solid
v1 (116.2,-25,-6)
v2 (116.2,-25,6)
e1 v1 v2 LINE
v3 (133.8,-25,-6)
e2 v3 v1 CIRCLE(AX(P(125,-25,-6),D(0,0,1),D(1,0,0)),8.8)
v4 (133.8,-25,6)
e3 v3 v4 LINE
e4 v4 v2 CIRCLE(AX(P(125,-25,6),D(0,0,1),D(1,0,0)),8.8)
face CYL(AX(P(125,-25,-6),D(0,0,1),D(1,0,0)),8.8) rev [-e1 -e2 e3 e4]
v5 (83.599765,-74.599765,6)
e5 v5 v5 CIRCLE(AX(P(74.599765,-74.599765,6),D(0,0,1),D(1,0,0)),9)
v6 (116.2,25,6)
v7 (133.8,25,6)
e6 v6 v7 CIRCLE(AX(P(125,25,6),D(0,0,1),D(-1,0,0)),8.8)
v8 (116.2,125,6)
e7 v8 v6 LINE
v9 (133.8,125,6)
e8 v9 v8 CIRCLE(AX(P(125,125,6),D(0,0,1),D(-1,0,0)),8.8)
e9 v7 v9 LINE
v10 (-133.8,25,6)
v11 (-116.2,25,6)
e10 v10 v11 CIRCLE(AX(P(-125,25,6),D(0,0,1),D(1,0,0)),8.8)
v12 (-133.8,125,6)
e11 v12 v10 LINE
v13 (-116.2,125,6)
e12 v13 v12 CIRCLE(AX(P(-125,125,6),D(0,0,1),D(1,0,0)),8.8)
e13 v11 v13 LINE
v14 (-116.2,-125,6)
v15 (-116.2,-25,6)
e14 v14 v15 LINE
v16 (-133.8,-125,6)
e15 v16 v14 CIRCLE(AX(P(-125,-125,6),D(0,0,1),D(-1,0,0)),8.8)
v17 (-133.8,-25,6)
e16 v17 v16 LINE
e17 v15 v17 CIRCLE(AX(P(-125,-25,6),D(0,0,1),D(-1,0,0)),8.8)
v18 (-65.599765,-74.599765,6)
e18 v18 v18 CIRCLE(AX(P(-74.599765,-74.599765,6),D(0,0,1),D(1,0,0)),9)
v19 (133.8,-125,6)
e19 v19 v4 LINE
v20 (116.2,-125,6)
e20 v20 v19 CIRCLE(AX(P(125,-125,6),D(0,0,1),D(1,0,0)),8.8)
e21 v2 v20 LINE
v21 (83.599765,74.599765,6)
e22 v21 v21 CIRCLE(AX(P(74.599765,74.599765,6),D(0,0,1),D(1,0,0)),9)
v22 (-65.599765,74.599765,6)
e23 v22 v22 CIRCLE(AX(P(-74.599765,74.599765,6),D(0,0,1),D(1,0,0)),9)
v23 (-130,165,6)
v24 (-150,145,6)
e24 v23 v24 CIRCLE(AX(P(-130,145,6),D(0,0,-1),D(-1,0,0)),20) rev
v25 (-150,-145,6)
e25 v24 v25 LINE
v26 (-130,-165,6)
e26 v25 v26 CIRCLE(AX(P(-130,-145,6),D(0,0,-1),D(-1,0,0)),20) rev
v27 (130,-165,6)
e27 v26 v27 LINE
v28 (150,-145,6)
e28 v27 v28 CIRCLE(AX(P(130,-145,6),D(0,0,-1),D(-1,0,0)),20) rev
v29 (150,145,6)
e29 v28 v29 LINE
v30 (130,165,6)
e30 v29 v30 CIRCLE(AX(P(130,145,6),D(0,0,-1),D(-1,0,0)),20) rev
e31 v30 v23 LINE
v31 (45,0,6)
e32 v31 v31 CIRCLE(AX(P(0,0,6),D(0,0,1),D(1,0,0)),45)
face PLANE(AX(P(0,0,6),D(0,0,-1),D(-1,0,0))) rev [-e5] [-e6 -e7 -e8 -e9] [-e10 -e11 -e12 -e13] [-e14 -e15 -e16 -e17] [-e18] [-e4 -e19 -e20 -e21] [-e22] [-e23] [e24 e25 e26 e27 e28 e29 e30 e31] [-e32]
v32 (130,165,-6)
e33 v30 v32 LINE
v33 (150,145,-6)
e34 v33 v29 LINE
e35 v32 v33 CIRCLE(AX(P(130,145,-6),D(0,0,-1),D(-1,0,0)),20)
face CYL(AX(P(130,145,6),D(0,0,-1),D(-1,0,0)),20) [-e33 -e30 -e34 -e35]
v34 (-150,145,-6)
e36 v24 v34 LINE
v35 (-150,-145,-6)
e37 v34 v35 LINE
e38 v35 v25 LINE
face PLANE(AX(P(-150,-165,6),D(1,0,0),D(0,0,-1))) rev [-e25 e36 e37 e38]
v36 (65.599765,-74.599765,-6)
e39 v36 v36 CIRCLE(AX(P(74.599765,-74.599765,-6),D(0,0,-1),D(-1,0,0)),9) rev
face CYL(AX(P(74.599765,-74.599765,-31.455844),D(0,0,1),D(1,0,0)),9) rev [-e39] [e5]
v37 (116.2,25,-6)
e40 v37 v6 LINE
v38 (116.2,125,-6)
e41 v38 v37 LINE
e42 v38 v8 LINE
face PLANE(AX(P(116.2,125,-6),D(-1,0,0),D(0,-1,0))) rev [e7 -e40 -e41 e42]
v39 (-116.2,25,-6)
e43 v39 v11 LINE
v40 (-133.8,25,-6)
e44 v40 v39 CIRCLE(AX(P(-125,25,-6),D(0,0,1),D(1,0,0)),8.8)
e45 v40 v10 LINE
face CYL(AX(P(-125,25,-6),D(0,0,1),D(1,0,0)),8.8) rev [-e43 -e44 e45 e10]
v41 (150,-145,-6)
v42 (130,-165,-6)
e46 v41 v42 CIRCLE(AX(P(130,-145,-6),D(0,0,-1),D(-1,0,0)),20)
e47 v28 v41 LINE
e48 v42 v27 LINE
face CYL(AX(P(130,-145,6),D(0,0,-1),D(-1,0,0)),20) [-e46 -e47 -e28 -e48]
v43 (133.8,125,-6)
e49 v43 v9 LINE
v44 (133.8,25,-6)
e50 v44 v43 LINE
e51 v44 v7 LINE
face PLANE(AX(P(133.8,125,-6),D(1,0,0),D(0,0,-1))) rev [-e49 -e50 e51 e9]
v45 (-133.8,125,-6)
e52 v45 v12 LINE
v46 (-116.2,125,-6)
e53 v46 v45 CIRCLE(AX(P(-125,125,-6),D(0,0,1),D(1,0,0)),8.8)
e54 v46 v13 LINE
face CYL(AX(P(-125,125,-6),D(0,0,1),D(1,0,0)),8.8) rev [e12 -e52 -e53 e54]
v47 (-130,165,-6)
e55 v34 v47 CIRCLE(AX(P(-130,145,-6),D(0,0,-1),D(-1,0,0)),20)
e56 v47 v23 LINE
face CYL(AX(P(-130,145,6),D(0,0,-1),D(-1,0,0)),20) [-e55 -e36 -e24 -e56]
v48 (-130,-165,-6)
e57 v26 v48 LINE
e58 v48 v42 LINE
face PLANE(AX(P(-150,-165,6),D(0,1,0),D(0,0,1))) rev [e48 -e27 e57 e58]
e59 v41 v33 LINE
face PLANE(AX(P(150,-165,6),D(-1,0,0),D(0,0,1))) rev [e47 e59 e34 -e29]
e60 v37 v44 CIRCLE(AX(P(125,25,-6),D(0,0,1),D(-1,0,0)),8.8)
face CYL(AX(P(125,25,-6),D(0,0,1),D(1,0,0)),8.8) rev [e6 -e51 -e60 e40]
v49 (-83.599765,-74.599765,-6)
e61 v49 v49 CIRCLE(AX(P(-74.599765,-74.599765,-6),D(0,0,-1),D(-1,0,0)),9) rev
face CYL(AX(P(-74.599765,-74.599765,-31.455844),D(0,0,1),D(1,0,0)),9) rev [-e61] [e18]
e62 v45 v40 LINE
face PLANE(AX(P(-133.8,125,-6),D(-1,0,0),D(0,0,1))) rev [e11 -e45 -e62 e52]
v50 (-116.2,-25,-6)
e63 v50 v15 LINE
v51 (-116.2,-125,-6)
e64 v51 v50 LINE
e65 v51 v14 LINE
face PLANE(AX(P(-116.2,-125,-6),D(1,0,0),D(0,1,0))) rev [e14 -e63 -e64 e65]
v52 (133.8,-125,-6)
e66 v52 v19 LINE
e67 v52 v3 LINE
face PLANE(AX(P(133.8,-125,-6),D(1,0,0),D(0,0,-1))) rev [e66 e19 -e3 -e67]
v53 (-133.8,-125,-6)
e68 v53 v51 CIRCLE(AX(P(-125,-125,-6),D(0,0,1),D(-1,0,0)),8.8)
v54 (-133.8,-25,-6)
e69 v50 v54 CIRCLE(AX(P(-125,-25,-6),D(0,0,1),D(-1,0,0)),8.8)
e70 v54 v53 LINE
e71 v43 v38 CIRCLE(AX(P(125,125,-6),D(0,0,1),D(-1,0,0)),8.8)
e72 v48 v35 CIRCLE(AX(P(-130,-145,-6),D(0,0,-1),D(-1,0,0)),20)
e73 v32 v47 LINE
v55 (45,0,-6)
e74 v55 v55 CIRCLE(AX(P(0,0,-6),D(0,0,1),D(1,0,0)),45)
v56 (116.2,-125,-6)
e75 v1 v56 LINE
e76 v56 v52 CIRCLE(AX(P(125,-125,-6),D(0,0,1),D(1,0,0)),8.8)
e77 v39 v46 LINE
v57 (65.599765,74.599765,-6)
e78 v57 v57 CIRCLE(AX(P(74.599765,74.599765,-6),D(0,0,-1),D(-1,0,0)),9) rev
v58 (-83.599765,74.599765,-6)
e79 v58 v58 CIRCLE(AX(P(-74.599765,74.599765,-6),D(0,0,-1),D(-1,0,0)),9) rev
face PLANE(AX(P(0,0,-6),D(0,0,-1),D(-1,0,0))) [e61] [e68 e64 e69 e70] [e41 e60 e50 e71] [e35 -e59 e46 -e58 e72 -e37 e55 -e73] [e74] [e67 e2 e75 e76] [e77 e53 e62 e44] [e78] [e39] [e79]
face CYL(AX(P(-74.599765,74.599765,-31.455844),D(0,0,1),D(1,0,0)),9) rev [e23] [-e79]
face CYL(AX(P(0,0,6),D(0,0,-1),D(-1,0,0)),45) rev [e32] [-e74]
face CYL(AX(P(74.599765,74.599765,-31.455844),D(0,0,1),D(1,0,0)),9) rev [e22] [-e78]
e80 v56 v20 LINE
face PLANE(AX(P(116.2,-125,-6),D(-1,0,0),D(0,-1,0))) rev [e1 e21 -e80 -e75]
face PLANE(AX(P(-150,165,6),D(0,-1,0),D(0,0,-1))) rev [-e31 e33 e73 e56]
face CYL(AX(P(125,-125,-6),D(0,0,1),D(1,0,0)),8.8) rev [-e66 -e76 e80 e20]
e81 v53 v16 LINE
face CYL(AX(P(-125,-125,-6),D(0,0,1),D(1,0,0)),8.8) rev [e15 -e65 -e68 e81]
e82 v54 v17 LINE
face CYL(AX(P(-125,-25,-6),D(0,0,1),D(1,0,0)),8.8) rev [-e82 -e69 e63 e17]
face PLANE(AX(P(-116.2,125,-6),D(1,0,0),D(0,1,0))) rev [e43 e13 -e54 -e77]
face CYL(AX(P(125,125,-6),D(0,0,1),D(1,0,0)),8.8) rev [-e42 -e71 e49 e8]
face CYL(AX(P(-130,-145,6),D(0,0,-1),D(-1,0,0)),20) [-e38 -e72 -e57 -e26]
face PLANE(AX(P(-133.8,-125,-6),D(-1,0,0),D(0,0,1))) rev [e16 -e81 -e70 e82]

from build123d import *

# Parameters (mm, degrees)
SKETCH_1_W          = 300
SKETCH_1_H          = 330
SKETCH_1_R          = 45
EXTRUDE_1_DEPTH     = 6
CUT_EXTRUDE_1_DEPTH = 224.313680727
FILLET_1_R          = 20
SKETCH_3_R          = 9
CUT_EXTRUDE_2_DEPTH = 12


with BuildPart() as part:
    # Эскиз1 → Бобышка-Вытянуть1 (new, symmetric)
    with BuildSketch(Plane.XY):
        Rectangle(SKETCH_1_W, SKETCH_1_H)
        Circle(SKETCH_1_R, mode=Mode.SUBTRACT)
    extrude(amount=EXTRUDE_1_DEPTH, both=True)

    # Эскиз2 → Вырез-Вытянуть1 (cut, through all)
    with BuildSketch(Plane.XY.offset(6)):
        with BuildLine():
            Line((-116.2, 125), (-116.2, 25))
            ThreePointArc((-116.2, 25), (-125, 16.2), (-133.8, 25))
            Line((-133.8, 25), (-133.8, 125))
            ThreePointArc((-133.8, 125), (-125, 133.8), (-116.2, 125))
        make_face()
        with BuildLine():
            Line((-116.2, -125), (-116.2, -25))
            ThreePointArc((-116.2, -25), (-125, -16.2), (-133.8, -25))
            Line((-133.8, -25), (-133.8, -125))
            ThreePointArc((-133.8, -125), (-125, -133.8), (-116.2, -125))
        make_face()
        with BuildLine():
            Line((116.2, -125), (116.2, -25))
            ThreePointArc((116.2, -25), (125, -16.2), (133.8, -25))
            Line((133.8, -25), (133.8, -125))
            ThreePointArc((133.8, -125), (125, -133.8), (116.2, -125))
        make_face()
        with BuildLine():
            Line((116.2, 125), (116.2, 25))
            ThreePointArc((116.2, 25), (125, 16.2), (133.8, 25))
            Line((133.8, 25), (133.8, 125))
            ThreePointArc((133.8, 125), (125, 133.8), (116.2, 125))
        make_face()
    extrude(amount=-CUT_EXTRUDE_1_DEPTH, mode=Mode.SUBTRACT)

    # Скругление1
    fillet_1_edges = [part.edges().sort_by_distance(p)[0] for p in [
        (150, -165, 0),
        (-150, -165, 0),
        (-150, 165, 0),
        (150, 165, 0),
    ]]
    fillet(fillet_1_edges, radius=FILLET_1_R)

    # Эскиз3 → Вырез-Вытянуть2 (cut)
    with BuildSketch(Plane.XY.offset(6)):
        with Locations((-74.599765415, 74.599765415)):
            Circle(SKETCH_3_R)
        with Locations((74.599765415, 74.599765415)):
            Circle(SKETCH_3_R)
        with Locations((74.599765415, -74.599765415)):
            Circle(SKETCH_3_R)
        with Locations((-74.599765415, -74.599765415)):
            Circle(SKETCH_3_R)
    extrude(amount=-CUT_EXTRUDE_2_DEPTH, mode=Mode.SUBTRACT)


solid = part.part
